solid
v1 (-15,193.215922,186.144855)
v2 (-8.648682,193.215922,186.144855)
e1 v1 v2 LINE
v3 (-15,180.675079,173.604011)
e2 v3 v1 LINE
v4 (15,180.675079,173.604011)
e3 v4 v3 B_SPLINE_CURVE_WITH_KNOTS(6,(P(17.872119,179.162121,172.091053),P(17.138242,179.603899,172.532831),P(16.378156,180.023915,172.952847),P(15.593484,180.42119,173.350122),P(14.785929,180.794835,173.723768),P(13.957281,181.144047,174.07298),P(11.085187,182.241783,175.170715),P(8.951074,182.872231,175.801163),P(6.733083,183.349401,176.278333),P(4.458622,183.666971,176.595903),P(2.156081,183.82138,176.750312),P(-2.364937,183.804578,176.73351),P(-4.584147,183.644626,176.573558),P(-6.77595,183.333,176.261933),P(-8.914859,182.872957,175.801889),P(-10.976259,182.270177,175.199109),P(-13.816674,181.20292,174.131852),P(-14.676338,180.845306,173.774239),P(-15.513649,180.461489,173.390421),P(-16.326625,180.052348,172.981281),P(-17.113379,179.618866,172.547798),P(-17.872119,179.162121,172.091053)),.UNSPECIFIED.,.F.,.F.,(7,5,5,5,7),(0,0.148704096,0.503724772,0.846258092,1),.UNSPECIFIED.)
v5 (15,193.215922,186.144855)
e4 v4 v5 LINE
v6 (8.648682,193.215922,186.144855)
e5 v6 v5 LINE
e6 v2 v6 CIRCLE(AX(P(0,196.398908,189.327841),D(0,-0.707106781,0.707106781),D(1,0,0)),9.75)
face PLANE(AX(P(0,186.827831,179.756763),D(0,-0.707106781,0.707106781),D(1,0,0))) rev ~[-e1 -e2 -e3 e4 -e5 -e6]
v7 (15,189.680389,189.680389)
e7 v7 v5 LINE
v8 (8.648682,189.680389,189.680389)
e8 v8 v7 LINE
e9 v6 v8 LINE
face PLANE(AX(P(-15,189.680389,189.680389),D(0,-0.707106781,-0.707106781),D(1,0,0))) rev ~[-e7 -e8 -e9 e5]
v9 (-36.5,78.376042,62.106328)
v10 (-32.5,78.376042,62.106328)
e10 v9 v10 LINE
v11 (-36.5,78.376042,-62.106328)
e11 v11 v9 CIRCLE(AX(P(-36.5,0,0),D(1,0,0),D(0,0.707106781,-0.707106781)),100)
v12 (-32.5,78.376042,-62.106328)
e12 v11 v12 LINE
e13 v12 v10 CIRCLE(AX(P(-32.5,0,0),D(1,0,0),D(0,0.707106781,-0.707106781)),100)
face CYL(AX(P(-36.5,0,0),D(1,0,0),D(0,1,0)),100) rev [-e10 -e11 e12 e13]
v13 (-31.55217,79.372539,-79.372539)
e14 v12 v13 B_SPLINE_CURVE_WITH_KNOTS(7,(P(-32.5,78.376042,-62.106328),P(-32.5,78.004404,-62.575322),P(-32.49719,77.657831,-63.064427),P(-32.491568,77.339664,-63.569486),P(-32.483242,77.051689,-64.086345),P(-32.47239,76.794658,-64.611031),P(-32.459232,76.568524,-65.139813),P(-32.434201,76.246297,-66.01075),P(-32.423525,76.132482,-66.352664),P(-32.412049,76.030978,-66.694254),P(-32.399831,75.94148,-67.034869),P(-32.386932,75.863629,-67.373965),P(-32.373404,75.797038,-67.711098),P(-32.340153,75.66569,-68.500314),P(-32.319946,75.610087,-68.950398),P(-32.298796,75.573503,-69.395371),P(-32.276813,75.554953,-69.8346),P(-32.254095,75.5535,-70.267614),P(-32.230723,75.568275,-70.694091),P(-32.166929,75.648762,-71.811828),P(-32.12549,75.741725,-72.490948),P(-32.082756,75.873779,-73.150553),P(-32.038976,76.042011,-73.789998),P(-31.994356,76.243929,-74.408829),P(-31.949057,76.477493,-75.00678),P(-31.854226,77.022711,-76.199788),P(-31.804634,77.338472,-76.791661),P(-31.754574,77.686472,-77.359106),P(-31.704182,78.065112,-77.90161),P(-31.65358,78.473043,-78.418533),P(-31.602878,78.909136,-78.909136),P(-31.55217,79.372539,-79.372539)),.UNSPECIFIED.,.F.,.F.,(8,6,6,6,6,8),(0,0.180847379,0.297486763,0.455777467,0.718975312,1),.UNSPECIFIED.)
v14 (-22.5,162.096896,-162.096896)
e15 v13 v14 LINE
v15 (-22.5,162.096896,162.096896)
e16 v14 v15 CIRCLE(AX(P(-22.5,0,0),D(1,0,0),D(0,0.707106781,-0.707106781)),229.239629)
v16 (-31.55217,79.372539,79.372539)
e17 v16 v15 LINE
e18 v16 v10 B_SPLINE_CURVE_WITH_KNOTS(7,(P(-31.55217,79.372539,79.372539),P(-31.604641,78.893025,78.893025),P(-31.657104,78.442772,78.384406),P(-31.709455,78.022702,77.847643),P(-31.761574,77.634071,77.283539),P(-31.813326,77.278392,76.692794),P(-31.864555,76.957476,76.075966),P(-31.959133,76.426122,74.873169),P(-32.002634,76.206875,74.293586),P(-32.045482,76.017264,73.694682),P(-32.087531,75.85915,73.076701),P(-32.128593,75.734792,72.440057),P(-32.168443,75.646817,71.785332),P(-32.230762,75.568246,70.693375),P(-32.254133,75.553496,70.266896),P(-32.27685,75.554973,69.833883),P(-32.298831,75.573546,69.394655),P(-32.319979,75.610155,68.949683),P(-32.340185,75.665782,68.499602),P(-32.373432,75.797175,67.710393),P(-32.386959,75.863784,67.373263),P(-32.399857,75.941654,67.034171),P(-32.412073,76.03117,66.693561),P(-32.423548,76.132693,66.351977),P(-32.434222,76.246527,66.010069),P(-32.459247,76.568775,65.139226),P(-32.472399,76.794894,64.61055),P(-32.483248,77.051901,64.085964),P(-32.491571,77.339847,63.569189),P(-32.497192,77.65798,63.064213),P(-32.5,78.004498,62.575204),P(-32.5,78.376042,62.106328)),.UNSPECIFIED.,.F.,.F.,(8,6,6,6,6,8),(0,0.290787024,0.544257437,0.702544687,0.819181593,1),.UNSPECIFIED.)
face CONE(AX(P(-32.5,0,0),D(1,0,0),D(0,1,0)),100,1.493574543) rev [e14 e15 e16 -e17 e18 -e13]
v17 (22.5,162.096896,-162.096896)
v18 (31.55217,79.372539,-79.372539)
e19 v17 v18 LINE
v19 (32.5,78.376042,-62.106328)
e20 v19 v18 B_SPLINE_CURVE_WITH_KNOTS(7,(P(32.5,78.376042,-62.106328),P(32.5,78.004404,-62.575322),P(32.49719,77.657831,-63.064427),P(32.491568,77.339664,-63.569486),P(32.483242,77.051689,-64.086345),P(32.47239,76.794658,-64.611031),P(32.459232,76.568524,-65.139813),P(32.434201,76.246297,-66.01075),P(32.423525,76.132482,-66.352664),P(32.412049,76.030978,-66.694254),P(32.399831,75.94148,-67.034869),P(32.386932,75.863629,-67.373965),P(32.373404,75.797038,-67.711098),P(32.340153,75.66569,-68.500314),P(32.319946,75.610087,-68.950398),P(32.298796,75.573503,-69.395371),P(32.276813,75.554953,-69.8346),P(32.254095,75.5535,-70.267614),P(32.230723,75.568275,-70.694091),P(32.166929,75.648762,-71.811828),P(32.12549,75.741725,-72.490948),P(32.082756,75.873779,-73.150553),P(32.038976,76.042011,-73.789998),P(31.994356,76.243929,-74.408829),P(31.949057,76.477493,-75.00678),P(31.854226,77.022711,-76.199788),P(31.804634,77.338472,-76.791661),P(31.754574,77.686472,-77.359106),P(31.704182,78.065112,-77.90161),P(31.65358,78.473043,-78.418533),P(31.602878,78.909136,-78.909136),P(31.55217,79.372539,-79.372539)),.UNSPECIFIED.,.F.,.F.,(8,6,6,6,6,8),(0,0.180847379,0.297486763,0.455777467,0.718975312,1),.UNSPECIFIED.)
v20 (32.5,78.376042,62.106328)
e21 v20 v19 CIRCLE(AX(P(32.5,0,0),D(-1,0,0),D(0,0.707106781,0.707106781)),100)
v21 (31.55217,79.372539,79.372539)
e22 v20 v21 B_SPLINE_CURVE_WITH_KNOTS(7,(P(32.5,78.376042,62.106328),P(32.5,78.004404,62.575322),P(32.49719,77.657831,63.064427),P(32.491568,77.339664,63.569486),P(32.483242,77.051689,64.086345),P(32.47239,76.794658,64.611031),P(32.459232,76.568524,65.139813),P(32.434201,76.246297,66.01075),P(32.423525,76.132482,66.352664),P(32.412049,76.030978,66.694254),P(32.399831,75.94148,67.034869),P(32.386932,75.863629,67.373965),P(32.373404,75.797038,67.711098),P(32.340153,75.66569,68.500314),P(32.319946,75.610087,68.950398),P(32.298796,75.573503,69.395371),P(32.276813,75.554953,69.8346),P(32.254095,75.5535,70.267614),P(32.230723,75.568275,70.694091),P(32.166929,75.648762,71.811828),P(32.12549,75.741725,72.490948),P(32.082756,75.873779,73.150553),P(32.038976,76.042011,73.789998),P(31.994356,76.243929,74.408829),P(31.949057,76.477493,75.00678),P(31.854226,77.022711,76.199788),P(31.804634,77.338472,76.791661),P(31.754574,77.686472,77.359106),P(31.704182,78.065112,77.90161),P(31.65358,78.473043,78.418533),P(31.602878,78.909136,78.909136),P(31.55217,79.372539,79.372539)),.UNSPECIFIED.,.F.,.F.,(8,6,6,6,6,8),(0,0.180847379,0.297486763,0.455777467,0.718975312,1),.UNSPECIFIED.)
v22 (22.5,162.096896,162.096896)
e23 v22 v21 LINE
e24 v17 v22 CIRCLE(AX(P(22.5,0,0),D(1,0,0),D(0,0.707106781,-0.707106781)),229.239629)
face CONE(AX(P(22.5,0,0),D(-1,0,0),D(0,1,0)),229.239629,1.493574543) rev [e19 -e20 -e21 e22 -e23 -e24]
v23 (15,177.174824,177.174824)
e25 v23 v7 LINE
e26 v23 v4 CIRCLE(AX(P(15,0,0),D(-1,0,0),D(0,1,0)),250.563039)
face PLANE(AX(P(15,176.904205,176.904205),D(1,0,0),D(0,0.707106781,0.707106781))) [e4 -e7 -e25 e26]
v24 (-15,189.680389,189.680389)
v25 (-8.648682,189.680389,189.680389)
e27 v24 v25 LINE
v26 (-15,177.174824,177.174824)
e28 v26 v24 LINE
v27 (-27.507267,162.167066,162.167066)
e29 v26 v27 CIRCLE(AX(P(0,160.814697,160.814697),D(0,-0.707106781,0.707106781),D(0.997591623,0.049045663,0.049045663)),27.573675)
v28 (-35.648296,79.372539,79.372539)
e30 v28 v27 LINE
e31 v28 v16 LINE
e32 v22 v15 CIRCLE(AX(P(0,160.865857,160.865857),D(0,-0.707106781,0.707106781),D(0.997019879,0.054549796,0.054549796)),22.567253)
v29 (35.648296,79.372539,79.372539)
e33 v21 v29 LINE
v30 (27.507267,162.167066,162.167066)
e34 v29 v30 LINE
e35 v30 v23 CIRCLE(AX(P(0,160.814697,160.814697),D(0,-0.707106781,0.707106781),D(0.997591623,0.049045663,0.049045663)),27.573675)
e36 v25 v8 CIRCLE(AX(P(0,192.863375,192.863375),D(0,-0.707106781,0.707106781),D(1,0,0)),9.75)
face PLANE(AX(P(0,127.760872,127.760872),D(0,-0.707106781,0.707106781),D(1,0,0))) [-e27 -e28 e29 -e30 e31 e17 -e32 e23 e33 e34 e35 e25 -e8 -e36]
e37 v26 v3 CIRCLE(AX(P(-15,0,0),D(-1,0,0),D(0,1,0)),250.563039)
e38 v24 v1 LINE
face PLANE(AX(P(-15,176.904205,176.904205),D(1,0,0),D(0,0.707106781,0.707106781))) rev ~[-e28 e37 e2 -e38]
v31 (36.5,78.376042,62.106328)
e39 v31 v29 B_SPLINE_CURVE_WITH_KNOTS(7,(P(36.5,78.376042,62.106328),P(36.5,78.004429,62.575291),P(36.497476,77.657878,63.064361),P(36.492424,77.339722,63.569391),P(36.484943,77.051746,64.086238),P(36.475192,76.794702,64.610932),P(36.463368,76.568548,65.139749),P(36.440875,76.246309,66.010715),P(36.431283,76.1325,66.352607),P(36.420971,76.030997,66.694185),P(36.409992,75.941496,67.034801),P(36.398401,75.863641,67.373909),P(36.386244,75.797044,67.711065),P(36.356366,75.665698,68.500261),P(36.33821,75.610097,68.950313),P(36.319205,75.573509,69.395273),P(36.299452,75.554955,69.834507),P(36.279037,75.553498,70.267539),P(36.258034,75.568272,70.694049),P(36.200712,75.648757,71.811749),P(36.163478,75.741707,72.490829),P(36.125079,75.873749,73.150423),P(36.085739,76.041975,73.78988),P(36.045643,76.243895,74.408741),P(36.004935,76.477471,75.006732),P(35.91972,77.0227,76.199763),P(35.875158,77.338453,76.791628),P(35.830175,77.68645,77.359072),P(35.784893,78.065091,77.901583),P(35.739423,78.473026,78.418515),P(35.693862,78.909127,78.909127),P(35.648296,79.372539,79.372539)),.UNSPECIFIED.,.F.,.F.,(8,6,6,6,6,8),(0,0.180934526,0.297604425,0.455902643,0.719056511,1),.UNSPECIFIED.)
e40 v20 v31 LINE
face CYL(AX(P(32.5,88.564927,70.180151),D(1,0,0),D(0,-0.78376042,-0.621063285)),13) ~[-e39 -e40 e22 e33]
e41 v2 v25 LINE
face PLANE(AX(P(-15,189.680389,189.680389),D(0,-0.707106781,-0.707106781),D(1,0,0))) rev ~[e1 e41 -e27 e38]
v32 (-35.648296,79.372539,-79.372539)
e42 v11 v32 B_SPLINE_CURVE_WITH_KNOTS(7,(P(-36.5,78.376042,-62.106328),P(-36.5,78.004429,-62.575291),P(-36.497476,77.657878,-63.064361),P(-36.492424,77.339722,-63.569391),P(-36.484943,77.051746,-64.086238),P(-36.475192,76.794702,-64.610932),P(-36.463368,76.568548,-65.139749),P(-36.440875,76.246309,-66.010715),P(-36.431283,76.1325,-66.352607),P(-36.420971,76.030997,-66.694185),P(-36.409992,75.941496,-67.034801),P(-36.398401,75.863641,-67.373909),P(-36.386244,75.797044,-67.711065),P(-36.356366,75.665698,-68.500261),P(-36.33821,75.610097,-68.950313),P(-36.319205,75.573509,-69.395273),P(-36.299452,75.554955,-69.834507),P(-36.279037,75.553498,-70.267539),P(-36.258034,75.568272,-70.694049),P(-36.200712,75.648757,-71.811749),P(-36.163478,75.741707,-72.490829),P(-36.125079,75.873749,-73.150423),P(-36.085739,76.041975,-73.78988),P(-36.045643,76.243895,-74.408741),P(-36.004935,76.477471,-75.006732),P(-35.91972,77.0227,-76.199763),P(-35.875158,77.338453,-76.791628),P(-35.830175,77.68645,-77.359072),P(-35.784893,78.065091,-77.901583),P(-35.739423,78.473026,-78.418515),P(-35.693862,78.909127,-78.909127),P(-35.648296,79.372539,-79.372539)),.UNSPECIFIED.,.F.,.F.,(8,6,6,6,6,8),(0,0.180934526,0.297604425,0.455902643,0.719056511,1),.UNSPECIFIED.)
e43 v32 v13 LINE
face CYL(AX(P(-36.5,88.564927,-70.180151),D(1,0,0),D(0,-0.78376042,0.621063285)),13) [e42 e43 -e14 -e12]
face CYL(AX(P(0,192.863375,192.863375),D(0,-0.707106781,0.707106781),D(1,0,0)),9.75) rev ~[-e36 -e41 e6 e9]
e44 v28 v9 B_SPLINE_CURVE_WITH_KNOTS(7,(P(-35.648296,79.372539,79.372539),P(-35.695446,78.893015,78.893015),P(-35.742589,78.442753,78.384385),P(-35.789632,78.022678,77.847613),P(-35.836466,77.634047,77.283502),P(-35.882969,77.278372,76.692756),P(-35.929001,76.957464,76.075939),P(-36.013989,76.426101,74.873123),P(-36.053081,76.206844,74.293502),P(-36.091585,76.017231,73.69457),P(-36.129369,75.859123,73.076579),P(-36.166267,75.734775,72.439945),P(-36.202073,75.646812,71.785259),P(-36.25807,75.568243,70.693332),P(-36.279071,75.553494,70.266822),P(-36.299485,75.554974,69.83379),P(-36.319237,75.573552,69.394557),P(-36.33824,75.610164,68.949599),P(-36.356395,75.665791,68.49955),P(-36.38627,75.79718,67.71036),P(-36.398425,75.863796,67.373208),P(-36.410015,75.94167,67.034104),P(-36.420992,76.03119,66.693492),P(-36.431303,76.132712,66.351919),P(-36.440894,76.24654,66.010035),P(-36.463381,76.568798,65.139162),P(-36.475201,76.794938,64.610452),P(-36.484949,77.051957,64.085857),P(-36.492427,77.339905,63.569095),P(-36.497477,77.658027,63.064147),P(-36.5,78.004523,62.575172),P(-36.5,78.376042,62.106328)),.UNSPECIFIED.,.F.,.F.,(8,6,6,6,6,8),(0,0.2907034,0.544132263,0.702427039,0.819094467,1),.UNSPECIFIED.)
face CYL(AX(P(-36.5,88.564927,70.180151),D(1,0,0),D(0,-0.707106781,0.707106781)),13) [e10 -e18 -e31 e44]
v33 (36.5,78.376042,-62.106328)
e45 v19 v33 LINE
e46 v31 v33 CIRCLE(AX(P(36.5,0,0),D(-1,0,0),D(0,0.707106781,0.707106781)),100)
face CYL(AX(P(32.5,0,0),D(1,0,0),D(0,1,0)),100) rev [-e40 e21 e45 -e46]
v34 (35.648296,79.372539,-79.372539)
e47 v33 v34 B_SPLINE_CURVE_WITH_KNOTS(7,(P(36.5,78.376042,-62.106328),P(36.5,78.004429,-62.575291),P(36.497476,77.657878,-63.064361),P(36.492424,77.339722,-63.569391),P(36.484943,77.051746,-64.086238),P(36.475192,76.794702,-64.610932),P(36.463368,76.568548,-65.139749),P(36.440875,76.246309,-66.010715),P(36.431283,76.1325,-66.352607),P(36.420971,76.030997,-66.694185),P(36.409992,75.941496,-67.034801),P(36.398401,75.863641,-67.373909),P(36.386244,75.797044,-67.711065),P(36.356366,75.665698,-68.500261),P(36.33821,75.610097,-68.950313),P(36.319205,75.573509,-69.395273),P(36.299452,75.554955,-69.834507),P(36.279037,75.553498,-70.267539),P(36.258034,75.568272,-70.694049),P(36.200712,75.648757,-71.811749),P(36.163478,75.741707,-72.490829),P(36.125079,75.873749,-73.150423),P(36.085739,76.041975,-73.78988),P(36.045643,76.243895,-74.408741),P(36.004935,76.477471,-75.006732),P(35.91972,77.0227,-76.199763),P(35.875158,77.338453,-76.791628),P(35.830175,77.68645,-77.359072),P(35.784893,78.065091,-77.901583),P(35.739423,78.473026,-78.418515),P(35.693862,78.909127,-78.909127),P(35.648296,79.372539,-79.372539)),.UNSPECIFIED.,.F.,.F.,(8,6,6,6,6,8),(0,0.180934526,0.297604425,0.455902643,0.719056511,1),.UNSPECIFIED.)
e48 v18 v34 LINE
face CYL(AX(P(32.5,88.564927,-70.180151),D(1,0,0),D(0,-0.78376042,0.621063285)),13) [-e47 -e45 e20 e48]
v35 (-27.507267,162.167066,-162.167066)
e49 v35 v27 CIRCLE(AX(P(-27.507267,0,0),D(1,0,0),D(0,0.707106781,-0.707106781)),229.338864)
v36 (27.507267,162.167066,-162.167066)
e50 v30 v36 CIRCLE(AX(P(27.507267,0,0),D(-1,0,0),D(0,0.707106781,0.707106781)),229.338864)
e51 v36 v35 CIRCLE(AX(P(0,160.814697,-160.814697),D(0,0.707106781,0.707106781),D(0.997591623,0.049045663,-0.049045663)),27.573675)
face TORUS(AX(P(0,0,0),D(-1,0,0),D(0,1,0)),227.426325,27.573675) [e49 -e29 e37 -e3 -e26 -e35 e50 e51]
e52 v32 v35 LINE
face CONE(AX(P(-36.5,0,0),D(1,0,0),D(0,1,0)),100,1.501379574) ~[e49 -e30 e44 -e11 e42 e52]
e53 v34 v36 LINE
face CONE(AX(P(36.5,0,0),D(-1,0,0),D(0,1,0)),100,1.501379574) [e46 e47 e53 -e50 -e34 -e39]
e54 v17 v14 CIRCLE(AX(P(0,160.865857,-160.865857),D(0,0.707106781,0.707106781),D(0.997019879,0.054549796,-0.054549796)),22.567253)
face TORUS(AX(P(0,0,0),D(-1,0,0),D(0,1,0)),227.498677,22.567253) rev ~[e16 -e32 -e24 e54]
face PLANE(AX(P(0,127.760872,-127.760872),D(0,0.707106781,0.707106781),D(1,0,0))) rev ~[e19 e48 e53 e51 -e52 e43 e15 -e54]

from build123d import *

# Parameters (mm, degrees)
REVOLUTION_ANGLE = 90
SKETCH001_W      = 30
SKETCH001_H      = 18.068252
PAD_DEPTH        = 5
SKETCH002_R      = 9.75
POCKET_DEPTH     = 5
FILLET_R         = 13
FILLET001_R      = 13


with BuildPart() as part:
    # Sketch → Revolution (revolve, symmetric)
    with BuildSketch(Plane.XY) as revolution_sk:
        with BuildLine():
            ThreePointArc((27.507267, 229.338864), (0, 255), (-27.507267, 229.338864))
            Line((-36.5, 100), (-27.507267, 229.338864))
            Line((-36.5, 100), (-32.5, 100))
            Line((-32.5, 100), (-22.5, 229.239629))
            ThreePointArc((22.5, 229.239629), (0, 250.06593), (-22.5, 229.239629))
            Line((22.5, 229.239629), (32.5, 100))
            Line((32.5, 100), (36.5, 100))
            Line((36.5, 100), (27.507267, 229.338864))
        make_face()
    revolve(axis=Axis((0, 0, 0), (1, 0, 0)), revolution_arc=REVOLUTION_ANGLE / 2)
    revolve(revolution_sk.sketch, axis=Axis((0, 0, 0), (-1, 0, 0)), revolution_arc=REVOLUTION_ANGLE / 2)

    # Sketch001 (on Face1 of CopyFusion) → Pad (new body)
    with BuildSketch(Plane(origin=(0, 0, 0), x_dir=(1, 0, 0), z_dir=(0, -0.707107, 0.707107))):
        with Locations((0, 259.214452)):
            Rectangle(SKETCH001_W, SKETCH001_H)
    extrude(amount=-PAD_DEPTH)

    # Sketch002 (on Face15 of Pad) → Pocket (cut)
    with BuildSketch(Plane(origin=(0, 0, 0), x_dir=(1, 0, 0), z_dir=(0, -0.707107, 0.707107))):
        with Locations((0, 272.75)):
            Circle(SKETCH002_R)
    extrude(amount=-POCKET_DEPTH, mode=Mode.SUBTRACT)

    # Fillet
    fillet_edges = [part.edges().sort_by_distance(p)[0] for p in [
        (-34.5, 70.710678, -70.710678),
        (34.5, 70.710678, -70.710678),
    ]]
    fillet(fillet_edges, radius=FILLET_R)

    # Fillet001
    fillet001_edges = [part.edges().sort_by_distance(p)[0] for p in [
        (-34.5, 70.710678, 70.710678),
        (34.5, 70.710678, 70.710678),
    ]]
    fillet(fillet001_edges, radius=FILLET001_R)


solid = part.part
